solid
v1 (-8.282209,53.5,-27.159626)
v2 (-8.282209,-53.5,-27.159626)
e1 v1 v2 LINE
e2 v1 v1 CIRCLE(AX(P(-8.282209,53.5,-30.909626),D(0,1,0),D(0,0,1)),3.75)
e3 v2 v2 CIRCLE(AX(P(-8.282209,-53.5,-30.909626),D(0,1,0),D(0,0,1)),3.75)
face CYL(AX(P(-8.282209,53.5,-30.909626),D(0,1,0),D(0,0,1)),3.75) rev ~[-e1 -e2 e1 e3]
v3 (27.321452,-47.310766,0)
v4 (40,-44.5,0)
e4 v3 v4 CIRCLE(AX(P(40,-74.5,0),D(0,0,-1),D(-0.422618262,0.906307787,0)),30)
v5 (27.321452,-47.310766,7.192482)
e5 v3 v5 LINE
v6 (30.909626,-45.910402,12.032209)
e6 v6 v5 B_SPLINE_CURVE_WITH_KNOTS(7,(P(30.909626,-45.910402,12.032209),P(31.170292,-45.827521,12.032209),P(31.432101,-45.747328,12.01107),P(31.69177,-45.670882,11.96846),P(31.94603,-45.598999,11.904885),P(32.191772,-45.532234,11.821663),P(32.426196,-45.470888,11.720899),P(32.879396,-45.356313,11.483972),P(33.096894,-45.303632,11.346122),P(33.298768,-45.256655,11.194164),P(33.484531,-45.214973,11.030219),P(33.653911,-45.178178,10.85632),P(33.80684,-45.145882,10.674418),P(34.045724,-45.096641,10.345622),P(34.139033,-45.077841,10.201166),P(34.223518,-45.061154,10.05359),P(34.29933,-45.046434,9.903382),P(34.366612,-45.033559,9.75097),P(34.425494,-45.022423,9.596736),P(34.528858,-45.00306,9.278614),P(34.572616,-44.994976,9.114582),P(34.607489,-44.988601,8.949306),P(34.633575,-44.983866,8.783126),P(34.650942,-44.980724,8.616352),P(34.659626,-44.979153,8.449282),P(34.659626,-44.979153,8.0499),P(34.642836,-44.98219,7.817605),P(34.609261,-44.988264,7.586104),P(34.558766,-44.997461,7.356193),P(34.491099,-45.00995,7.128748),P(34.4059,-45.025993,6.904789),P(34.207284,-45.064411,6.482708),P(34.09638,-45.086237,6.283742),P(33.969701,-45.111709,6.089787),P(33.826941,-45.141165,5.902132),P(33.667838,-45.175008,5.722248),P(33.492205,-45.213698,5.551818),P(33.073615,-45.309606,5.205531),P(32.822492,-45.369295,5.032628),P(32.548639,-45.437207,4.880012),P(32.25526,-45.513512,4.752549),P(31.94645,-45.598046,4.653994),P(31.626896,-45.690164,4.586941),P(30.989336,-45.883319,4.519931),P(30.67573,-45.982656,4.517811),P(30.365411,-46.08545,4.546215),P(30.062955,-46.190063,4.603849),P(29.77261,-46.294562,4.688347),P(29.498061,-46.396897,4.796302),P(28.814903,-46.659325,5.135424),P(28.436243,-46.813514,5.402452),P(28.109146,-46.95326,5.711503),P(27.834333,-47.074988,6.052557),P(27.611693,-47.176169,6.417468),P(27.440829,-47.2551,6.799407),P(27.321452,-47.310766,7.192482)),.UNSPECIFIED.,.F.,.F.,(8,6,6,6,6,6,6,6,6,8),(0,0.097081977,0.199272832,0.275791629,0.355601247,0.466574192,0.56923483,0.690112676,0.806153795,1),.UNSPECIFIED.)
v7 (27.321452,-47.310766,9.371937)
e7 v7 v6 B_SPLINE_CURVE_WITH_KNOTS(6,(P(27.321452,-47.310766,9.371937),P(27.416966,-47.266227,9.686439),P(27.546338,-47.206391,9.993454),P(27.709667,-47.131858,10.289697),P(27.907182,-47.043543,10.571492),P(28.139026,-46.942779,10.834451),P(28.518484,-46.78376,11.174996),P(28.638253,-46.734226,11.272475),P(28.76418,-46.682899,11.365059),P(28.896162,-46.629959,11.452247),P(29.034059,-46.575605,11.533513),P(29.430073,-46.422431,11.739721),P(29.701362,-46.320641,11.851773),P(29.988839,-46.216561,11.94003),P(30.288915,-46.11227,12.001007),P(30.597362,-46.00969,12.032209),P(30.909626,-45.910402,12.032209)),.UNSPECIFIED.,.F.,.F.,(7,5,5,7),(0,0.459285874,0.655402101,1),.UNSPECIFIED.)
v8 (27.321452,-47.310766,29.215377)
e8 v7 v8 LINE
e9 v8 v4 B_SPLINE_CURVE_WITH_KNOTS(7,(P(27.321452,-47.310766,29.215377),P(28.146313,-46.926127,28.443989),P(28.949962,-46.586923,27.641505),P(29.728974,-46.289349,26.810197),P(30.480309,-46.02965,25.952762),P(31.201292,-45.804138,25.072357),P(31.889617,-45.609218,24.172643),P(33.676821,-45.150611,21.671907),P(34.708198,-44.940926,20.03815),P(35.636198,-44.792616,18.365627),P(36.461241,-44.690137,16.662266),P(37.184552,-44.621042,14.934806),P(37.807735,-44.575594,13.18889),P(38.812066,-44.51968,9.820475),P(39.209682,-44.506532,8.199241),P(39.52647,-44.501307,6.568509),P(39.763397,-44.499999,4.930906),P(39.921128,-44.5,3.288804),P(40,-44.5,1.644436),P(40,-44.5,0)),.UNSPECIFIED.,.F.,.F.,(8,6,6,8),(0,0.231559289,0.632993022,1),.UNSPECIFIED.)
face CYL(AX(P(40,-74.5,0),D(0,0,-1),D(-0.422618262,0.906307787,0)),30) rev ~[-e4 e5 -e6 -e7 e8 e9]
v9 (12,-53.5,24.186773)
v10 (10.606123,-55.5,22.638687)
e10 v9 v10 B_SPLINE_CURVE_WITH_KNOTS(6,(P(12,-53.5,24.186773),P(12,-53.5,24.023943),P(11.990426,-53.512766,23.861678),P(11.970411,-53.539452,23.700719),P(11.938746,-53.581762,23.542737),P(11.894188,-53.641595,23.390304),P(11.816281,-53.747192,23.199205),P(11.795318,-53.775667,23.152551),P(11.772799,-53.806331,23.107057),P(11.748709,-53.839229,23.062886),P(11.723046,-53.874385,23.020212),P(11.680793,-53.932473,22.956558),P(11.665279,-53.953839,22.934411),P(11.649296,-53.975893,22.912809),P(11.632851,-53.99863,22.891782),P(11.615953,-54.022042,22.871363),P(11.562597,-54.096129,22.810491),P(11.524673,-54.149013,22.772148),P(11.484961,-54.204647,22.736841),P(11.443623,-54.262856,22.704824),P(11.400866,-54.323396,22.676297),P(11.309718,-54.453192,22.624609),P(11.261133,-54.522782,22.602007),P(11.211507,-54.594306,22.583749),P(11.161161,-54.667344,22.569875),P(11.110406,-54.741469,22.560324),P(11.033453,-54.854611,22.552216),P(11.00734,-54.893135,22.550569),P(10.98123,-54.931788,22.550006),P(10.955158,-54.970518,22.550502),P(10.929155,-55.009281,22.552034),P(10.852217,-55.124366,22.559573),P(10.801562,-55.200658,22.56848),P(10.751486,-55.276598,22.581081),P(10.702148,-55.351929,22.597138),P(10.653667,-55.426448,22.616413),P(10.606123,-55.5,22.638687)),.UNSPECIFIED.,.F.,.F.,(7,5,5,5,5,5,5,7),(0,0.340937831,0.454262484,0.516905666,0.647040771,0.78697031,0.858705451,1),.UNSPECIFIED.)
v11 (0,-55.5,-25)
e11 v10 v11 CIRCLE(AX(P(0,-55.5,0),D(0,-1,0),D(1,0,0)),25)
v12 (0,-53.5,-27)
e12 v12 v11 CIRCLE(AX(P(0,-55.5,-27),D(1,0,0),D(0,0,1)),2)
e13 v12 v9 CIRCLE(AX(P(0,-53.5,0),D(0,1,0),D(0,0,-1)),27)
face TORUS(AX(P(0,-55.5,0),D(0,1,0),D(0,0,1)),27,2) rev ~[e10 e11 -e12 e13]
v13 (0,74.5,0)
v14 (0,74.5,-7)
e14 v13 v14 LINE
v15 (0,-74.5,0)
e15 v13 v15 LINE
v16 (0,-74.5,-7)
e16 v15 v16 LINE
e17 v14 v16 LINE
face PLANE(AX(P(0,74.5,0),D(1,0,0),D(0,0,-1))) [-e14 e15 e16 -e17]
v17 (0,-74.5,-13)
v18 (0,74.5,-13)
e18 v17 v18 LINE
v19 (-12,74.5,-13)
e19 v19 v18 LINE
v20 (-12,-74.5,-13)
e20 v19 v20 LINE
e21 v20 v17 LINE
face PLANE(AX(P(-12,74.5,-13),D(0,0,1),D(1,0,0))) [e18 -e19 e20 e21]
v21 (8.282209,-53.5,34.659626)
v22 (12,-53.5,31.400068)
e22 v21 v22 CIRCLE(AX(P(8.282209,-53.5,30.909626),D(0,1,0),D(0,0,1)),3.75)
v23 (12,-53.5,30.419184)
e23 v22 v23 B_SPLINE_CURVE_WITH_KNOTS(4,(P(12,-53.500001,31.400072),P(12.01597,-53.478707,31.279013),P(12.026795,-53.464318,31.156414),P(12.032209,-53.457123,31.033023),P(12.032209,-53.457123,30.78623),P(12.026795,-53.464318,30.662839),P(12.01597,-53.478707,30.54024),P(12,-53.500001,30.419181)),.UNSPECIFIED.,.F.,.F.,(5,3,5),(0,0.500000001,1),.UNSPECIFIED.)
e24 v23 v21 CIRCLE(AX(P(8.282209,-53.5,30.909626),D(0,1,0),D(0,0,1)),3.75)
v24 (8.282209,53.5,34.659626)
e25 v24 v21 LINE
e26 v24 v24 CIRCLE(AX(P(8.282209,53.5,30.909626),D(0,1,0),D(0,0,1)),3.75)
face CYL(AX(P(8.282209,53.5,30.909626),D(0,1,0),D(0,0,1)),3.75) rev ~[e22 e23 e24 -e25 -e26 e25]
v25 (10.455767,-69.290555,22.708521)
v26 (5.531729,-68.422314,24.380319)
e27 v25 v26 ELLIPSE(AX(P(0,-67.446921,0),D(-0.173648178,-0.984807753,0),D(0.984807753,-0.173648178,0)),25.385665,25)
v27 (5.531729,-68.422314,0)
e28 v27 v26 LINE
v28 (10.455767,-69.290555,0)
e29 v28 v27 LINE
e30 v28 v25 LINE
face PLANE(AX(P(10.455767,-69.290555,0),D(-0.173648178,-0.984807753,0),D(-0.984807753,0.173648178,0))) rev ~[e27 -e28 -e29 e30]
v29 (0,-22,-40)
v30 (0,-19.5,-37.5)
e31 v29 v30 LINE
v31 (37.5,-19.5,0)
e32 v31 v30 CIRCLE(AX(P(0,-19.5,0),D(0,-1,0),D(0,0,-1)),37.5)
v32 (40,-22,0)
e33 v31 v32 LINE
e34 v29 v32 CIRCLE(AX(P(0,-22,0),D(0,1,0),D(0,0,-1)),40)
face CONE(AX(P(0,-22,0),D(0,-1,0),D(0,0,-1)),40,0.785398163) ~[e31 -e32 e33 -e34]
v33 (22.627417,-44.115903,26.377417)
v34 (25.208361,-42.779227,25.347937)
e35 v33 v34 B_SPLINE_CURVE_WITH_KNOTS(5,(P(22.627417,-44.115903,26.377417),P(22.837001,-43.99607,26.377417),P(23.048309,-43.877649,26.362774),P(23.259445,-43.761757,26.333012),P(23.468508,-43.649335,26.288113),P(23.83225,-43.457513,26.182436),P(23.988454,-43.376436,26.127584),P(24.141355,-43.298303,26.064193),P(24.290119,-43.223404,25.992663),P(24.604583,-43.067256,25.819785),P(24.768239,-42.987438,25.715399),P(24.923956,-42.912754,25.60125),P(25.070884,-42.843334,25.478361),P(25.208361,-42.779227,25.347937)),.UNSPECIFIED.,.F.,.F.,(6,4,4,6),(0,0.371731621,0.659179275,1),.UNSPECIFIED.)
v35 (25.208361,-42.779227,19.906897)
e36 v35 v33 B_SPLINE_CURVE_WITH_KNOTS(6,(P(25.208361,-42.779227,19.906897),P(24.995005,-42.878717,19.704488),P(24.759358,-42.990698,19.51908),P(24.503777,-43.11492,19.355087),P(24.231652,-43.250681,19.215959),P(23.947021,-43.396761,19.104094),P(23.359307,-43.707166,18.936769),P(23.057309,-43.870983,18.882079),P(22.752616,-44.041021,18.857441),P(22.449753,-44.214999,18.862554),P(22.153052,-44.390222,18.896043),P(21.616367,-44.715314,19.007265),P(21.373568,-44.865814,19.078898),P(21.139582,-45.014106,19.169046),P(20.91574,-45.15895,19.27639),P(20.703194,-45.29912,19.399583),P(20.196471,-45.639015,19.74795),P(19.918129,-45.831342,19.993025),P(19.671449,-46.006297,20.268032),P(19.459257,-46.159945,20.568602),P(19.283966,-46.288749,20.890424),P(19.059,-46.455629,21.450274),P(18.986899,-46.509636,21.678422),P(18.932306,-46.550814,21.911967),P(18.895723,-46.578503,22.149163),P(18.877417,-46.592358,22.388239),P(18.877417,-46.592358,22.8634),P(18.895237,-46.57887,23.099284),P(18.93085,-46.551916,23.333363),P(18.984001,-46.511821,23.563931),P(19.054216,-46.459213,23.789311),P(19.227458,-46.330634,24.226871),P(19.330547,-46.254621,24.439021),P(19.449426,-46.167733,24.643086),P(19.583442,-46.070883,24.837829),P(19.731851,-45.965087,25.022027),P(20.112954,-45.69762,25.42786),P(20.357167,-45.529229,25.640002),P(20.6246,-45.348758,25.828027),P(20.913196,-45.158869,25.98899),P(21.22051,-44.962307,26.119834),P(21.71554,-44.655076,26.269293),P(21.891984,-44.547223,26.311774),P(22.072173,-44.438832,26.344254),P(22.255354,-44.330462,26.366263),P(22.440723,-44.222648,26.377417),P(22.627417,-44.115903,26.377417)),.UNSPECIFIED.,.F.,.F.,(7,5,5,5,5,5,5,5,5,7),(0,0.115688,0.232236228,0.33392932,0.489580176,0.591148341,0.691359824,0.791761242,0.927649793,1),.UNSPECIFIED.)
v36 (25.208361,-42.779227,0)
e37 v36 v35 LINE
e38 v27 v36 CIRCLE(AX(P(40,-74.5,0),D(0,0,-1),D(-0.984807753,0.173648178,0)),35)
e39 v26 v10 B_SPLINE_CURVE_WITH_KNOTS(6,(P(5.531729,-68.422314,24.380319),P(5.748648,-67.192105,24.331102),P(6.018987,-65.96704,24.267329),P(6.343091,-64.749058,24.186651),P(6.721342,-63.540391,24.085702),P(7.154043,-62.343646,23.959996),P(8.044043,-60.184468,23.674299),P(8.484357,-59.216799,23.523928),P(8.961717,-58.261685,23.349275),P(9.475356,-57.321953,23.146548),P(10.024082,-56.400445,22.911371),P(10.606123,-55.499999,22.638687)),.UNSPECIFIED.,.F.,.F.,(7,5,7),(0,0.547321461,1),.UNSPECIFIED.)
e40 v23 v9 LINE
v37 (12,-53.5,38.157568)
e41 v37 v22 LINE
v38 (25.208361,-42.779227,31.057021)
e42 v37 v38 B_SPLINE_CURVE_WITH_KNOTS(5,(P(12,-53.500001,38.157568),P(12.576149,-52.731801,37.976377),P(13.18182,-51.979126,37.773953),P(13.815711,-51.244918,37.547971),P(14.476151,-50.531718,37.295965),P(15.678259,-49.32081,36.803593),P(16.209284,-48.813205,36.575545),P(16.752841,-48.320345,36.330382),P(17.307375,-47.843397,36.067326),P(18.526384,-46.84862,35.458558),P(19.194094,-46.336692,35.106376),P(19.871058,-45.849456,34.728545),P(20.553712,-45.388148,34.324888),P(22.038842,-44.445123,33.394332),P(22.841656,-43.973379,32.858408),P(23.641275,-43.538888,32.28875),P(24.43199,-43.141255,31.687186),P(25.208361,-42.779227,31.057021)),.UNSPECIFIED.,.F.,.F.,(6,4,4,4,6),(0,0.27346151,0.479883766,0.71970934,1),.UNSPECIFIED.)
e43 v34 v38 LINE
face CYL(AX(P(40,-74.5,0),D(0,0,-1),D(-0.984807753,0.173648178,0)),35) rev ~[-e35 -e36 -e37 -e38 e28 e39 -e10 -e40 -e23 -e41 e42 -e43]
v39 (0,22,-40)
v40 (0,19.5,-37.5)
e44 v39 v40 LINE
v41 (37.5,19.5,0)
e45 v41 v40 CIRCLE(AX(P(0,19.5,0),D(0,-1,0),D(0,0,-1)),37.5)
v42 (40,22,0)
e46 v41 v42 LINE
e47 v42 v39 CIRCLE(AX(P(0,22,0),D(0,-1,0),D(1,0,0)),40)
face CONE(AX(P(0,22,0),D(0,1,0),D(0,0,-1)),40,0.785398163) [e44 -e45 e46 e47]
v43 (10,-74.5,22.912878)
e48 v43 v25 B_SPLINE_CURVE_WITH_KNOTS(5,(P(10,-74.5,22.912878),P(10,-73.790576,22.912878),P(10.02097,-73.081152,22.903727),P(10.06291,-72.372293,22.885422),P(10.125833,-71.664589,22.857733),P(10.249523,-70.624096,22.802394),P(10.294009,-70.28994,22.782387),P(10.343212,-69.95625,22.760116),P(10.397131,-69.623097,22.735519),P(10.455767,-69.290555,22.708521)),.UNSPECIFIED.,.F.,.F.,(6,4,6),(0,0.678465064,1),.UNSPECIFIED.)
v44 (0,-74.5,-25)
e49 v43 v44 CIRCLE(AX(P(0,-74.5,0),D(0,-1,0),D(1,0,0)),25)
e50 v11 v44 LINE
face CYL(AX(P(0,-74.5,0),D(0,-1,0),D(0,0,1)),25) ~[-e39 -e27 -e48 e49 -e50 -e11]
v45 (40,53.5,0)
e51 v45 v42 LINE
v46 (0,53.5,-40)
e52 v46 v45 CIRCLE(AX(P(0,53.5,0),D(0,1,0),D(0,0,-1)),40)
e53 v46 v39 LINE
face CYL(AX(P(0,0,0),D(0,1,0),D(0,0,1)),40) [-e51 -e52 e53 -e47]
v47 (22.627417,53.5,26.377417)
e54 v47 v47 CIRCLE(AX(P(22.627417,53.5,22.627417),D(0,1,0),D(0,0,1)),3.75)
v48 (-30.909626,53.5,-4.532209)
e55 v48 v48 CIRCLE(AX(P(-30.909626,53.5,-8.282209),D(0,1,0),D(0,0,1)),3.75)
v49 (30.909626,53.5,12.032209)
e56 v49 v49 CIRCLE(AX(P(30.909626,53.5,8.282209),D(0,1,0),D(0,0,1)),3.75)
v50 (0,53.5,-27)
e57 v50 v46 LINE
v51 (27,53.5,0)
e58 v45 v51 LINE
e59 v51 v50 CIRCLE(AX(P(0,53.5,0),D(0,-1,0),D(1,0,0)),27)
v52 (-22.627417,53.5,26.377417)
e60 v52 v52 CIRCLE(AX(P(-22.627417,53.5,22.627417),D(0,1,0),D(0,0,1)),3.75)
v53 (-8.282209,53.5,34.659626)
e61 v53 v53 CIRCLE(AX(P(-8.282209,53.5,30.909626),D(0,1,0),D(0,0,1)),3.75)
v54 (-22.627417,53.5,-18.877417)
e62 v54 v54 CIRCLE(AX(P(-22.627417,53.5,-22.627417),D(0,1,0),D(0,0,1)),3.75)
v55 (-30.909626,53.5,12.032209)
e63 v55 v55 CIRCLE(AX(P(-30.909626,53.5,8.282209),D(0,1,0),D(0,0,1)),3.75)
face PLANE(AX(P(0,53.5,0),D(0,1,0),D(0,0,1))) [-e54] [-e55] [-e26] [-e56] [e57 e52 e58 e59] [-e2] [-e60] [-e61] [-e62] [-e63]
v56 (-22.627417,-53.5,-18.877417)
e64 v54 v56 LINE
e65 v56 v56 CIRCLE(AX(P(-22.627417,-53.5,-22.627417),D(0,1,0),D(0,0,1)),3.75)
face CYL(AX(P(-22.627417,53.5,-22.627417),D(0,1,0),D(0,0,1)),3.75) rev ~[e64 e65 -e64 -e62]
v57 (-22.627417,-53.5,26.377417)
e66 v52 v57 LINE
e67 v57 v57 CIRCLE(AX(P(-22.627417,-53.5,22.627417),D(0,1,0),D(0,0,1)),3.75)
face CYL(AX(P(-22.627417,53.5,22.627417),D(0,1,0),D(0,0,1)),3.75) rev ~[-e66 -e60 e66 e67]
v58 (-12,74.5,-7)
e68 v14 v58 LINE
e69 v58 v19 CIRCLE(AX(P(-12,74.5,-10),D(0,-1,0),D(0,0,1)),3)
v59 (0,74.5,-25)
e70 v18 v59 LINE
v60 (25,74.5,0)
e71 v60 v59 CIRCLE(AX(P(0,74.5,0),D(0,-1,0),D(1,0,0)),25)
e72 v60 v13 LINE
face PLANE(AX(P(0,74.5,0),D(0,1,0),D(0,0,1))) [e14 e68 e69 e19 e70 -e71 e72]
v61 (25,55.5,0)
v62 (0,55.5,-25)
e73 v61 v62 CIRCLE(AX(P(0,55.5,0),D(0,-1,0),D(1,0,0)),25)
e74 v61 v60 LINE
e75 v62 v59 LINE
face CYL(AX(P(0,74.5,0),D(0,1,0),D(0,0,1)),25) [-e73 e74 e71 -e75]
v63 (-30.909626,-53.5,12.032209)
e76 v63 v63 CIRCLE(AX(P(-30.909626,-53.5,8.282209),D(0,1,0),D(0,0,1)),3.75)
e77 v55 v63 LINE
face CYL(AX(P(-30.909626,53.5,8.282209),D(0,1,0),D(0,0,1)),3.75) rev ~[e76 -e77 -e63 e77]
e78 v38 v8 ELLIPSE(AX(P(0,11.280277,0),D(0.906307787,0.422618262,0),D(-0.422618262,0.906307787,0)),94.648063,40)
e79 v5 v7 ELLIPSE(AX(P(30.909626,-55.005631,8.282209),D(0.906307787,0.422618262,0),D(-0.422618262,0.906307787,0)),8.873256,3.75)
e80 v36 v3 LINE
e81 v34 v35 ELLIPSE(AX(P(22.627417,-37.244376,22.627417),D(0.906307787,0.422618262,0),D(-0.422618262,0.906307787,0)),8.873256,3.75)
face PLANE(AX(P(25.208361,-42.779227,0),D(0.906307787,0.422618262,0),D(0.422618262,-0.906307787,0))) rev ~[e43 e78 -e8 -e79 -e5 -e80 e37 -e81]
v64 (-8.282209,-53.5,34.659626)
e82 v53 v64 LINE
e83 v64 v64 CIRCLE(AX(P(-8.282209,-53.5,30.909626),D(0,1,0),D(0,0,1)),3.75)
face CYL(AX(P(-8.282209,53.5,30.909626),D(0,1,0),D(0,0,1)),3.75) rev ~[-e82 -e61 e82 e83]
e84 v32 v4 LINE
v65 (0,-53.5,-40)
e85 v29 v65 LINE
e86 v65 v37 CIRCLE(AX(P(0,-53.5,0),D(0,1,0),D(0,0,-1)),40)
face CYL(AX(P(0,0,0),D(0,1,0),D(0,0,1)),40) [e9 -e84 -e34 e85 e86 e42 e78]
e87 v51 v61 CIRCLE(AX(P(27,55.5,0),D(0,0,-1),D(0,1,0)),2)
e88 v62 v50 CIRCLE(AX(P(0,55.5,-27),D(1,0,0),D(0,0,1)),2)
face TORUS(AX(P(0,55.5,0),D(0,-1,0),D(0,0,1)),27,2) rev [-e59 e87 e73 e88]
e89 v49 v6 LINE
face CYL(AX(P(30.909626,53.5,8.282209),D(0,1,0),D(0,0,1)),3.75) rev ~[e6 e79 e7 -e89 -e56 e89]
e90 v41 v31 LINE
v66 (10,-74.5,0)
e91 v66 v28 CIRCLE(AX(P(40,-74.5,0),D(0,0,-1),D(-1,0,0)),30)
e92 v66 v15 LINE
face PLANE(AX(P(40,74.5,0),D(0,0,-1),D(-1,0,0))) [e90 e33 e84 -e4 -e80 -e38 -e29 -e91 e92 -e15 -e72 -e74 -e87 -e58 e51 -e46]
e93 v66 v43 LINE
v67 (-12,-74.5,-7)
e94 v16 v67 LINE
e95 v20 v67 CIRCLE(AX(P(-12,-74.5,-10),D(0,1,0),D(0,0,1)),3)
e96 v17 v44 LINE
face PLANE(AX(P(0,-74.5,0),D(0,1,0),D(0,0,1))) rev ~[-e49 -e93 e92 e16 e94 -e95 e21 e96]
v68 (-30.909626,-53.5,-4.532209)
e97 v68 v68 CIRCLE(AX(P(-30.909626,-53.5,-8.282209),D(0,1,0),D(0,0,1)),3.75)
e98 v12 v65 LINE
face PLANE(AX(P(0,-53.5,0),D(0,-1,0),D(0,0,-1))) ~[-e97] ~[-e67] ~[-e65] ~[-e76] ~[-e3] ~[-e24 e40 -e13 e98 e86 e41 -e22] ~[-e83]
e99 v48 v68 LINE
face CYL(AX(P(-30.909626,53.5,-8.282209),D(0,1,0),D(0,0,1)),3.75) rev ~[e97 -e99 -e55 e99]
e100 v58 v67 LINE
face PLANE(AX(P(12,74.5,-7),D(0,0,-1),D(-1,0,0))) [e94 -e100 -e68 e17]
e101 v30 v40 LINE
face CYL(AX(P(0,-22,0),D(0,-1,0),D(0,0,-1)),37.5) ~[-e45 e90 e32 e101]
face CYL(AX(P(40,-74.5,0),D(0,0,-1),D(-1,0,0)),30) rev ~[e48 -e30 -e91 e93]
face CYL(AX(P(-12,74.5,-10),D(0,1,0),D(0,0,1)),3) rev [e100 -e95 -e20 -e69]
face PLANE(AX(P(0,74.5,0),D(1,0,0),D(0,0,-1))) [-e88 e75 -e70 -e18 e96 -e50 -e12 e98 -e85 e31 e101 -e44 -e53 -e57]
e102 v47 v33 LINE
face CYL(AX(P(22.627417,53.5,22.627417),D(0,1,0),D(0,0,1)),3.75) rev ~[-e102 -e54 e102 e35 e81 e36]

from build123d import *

# Parameters (mm, degrees)
SKETCH1_R               = 40
BOSS_EXTRUDE1_DEPTH     = 74.5
SKETCH3_R               = 40
SKETCH3_R_2             = 25
CUT_EXTRUDE1_DEPTH      = 21
CUT_EXTRUDE2_DEPTH      = 22
CUT_EXTRUDE2_DEPTH_BACK = 22
SKETCH2_R               = 40
SKETCH2_R_2             = 37.5
CUT_EXTRUDE4_DEPTH      = 160.376911753
FILLET1_R               = 2
CUT_EXTRUDE5_DEPTH      = 160.376911753
SKETCH8_R               = 3.75
CUT_EXTRUDE6_DEPTH      = 140.942845476
CUT_EXTRUDE7_DEPTH      = 94.542770966


with BuildPart() as part:
    # Sketch1 → Boss-Extrude1 (new, symmetric)
    with BuildSketch(Plane(origin=(0, 0, 0), x_dir=(1, 0, 0), z_dir=(0, 1, 0))):
        with Locations(Location((0, 0, 0), (0, 0, 270))):
            Circle(SKETCH1_R)
    extrude(amount=BOSS_EXTRUDE1_DEPTH, both=True)

    # Sketch3 → Cut-Extrude1 (cut)
    with BuildSketch(Plane(origin=(0, 74.5, 0), x_dir=(1, 0, 0), z_dir=(0, 1, 0))):
        with Locations(Location((0, 0, 0), (0, 0, 270))):
            Circle(SKETCH3_R)
        with Locations(Location((0, 0, 0), (0, 0, 270))):
            Circle(SKETCH3_R_2, mode=Mode.SUBTRACT)
    cut_extrude1 = extrude(amount=-CUT_EXTRUDE1_DEPTH, mode=Mode.SUBTRACT)

    # Mirror1: Cut-Extrude1 across plane
    add(cut_extrude1.mirror(Plane.ZX), mode=Mode.SUBTRACT)

    # Sketch2 → Cut-Extrude2 (cut, two sides: drawn at the far end of the back side and taken through both)
    with BuildSketch(Plane(origin=(0, 0, 0), x_dir=(1, 0, 0), z_dir=(0, 1, 0)).offset(-CUT_EXTRUDE2_DEPTH_BACK)):
        with Locations(Location((0, 0, 0), (0, 0, 270))):
            Circle(SKETCH2_R)
        with Locations(Location((0, 0, 0), (0, 0, 90))):
            Circle(SKETCH2_R_2, mode=Mode.SUBTRACT)
    extrude(amount=CUT_EXTRUDE2_DEPTH + CUT_EXTRUDE2_DEPTH_BACK, mode=Mode.SUBTRACT)

    # Sketch5 → Cut-Extrude4 (cut, through all)
    with BuildSketch(Plane(origin=(0, 74.5, 0), x_dir=(1, 0, 0), z_dir=(0, 1, 0))):
        with BuildLine():
            Line((-12, 13), (12, 13))
            ThreePointArc((12, 13), (15, 10), (12, 7))
            Line((12, 7), (-12, 7))
            ThreePointArc((-12, 7), (-15, 10), (-12, 13))
        make_face()
    extrude(amount=-CUT_EXTRUDE4_DEPTH, mode=Mode.SUBTRACT)

    # Fillet1
    fillet1_edges = [part.edges().sort_by_distance(p)[0] for p in [
        (0, -53.5, -25),
        (0, 53.5, -25),
    ]]
    fillet(fillet1_edges, radius=FILLET1_R)

    # Sketch7 → Revolve2 (revolve)
    with BuildSketch(Plane(origin=(0, 0, 0), x_dir=(0, 0, -1), z_dir=(1, 0, 0))):
        Polygon((40, 22), (37.5, 19.5), (37.5, 22), align=None)
    revolve2 = revolve(axis=Axis((0, 103.881416882, 0), (0, -1, 0)))

    # Mirror2: Revolve2 across plane
    add(revolve2.mirror(Plane.ZX))

    # Sketch4 → Cut-Extrude5 (cut, through all)
    with BuildSketch(Plane(origin=(0, 74.5, 0), x_dir=(1, 0, 0), z_dir=(0, 1, 0))):
        with BuildLine():
            Line((0, 0), (0, 40))
            ThreePointArc((0, 40), (28.284271247, 28.284271247), (40, 0))
            Line((40, 0), (0, 0))
        make_face()
    extrude(amount=-CUT_EXTRUDE5_DEPTH, mode=Mode.SUBTRACT)

    # Sketch8 → Cut-Extrude6 (cut, through all)
    with BuildSketch(Plane(origin=(0, 53.5, 0), x_dir=(1, 0, 0), z_dir=(0, 1, 0))):
        with Locations(Location((-8.282209443, 30.909626441, 0), (0, 0, 270))):
            Circle(SKETCH8_R)
        with Locations(Location((30.909626441, -8.282209443, 0), (0, 0, 270))):
            Circle(SKETCH8_R)
        with Locations(Location((22.627416998, -22.627416998, 0), (0, 0, 270))):
            Circle(SKETCH8_R)
        with Locations(Location((8.282209443, -30.909626441, 0), (0, 0, 270))):
            Circle(SKETCH8_R)
        with Locations(Location((-8.282209443, -30.909626441, 0), (0, 0, 270))):
            Circle(SKETCH8_R)
        with Locations(Location((-22.627416998, -22.627416998, 0), (0, 0, 270))):
            Circle(SKETCH8_R)
        with Locations(Location((-30.909626441, -8.282209443, 0), (0, 0, 270))):
            Circle(SKETCH8_R)
        with Locations(Location((-30.909626441, 8.282209443, 0), (0, 0, 270))):
            Circle(SKETCH8_R)
        with Locations(Location((-22.627416998, 22.627416998, 0), (0, 0, 270))):
            Circle(SKETCH8_R)
    extrude(amount=-CUT_EXTRUDE6_DEPTH, mode=Mode.SUBTRACT)

    # Sketch10 → Cut-Extrude7 (cut, through all)
    with BuildSketch(Plane(origin=(0, 0, 0), x_dir=(-1, 0, 0), z_dir=(0, 0, -1))):
        with BuildLine():
            Line((-25.208360839, -42.779227454), (-27.321452148, -47.310766389))
            ThreePointArc((-27.321452148, -47.310766389), (-33.506811582, -45.211119786), (-40, -44.5))
            Line((-40, -44.5), (-40, -53.5))
            Line((-40, -53.5), (-27, -53.5))
            ThreePointArc((-27, -53.5), (-25.585786438, -54.085786438), (-25, -55.5))
            Line((-25, -55.5), (-25, -74.5))
            Line((-25, -74.5), (-10, -74.5))
            ThreePointArc((-10, -74.5), (-10.114159057, -71.885327718), (-10.45576741, -69.29055467))
            Line((-10.45576741, -69.29055467), (-5.531728645, -68.422313782))
            ThreePointArc((-5.531728645, -68.422313782), (-12.23263309, -53.193349985), (-25.208360839, -42.779227454))
        make_face()
    extrude(amount=-CUT_EXTRUDE7_DEPTH, mode=Mode.SUBTRACT)


solid = part.part
